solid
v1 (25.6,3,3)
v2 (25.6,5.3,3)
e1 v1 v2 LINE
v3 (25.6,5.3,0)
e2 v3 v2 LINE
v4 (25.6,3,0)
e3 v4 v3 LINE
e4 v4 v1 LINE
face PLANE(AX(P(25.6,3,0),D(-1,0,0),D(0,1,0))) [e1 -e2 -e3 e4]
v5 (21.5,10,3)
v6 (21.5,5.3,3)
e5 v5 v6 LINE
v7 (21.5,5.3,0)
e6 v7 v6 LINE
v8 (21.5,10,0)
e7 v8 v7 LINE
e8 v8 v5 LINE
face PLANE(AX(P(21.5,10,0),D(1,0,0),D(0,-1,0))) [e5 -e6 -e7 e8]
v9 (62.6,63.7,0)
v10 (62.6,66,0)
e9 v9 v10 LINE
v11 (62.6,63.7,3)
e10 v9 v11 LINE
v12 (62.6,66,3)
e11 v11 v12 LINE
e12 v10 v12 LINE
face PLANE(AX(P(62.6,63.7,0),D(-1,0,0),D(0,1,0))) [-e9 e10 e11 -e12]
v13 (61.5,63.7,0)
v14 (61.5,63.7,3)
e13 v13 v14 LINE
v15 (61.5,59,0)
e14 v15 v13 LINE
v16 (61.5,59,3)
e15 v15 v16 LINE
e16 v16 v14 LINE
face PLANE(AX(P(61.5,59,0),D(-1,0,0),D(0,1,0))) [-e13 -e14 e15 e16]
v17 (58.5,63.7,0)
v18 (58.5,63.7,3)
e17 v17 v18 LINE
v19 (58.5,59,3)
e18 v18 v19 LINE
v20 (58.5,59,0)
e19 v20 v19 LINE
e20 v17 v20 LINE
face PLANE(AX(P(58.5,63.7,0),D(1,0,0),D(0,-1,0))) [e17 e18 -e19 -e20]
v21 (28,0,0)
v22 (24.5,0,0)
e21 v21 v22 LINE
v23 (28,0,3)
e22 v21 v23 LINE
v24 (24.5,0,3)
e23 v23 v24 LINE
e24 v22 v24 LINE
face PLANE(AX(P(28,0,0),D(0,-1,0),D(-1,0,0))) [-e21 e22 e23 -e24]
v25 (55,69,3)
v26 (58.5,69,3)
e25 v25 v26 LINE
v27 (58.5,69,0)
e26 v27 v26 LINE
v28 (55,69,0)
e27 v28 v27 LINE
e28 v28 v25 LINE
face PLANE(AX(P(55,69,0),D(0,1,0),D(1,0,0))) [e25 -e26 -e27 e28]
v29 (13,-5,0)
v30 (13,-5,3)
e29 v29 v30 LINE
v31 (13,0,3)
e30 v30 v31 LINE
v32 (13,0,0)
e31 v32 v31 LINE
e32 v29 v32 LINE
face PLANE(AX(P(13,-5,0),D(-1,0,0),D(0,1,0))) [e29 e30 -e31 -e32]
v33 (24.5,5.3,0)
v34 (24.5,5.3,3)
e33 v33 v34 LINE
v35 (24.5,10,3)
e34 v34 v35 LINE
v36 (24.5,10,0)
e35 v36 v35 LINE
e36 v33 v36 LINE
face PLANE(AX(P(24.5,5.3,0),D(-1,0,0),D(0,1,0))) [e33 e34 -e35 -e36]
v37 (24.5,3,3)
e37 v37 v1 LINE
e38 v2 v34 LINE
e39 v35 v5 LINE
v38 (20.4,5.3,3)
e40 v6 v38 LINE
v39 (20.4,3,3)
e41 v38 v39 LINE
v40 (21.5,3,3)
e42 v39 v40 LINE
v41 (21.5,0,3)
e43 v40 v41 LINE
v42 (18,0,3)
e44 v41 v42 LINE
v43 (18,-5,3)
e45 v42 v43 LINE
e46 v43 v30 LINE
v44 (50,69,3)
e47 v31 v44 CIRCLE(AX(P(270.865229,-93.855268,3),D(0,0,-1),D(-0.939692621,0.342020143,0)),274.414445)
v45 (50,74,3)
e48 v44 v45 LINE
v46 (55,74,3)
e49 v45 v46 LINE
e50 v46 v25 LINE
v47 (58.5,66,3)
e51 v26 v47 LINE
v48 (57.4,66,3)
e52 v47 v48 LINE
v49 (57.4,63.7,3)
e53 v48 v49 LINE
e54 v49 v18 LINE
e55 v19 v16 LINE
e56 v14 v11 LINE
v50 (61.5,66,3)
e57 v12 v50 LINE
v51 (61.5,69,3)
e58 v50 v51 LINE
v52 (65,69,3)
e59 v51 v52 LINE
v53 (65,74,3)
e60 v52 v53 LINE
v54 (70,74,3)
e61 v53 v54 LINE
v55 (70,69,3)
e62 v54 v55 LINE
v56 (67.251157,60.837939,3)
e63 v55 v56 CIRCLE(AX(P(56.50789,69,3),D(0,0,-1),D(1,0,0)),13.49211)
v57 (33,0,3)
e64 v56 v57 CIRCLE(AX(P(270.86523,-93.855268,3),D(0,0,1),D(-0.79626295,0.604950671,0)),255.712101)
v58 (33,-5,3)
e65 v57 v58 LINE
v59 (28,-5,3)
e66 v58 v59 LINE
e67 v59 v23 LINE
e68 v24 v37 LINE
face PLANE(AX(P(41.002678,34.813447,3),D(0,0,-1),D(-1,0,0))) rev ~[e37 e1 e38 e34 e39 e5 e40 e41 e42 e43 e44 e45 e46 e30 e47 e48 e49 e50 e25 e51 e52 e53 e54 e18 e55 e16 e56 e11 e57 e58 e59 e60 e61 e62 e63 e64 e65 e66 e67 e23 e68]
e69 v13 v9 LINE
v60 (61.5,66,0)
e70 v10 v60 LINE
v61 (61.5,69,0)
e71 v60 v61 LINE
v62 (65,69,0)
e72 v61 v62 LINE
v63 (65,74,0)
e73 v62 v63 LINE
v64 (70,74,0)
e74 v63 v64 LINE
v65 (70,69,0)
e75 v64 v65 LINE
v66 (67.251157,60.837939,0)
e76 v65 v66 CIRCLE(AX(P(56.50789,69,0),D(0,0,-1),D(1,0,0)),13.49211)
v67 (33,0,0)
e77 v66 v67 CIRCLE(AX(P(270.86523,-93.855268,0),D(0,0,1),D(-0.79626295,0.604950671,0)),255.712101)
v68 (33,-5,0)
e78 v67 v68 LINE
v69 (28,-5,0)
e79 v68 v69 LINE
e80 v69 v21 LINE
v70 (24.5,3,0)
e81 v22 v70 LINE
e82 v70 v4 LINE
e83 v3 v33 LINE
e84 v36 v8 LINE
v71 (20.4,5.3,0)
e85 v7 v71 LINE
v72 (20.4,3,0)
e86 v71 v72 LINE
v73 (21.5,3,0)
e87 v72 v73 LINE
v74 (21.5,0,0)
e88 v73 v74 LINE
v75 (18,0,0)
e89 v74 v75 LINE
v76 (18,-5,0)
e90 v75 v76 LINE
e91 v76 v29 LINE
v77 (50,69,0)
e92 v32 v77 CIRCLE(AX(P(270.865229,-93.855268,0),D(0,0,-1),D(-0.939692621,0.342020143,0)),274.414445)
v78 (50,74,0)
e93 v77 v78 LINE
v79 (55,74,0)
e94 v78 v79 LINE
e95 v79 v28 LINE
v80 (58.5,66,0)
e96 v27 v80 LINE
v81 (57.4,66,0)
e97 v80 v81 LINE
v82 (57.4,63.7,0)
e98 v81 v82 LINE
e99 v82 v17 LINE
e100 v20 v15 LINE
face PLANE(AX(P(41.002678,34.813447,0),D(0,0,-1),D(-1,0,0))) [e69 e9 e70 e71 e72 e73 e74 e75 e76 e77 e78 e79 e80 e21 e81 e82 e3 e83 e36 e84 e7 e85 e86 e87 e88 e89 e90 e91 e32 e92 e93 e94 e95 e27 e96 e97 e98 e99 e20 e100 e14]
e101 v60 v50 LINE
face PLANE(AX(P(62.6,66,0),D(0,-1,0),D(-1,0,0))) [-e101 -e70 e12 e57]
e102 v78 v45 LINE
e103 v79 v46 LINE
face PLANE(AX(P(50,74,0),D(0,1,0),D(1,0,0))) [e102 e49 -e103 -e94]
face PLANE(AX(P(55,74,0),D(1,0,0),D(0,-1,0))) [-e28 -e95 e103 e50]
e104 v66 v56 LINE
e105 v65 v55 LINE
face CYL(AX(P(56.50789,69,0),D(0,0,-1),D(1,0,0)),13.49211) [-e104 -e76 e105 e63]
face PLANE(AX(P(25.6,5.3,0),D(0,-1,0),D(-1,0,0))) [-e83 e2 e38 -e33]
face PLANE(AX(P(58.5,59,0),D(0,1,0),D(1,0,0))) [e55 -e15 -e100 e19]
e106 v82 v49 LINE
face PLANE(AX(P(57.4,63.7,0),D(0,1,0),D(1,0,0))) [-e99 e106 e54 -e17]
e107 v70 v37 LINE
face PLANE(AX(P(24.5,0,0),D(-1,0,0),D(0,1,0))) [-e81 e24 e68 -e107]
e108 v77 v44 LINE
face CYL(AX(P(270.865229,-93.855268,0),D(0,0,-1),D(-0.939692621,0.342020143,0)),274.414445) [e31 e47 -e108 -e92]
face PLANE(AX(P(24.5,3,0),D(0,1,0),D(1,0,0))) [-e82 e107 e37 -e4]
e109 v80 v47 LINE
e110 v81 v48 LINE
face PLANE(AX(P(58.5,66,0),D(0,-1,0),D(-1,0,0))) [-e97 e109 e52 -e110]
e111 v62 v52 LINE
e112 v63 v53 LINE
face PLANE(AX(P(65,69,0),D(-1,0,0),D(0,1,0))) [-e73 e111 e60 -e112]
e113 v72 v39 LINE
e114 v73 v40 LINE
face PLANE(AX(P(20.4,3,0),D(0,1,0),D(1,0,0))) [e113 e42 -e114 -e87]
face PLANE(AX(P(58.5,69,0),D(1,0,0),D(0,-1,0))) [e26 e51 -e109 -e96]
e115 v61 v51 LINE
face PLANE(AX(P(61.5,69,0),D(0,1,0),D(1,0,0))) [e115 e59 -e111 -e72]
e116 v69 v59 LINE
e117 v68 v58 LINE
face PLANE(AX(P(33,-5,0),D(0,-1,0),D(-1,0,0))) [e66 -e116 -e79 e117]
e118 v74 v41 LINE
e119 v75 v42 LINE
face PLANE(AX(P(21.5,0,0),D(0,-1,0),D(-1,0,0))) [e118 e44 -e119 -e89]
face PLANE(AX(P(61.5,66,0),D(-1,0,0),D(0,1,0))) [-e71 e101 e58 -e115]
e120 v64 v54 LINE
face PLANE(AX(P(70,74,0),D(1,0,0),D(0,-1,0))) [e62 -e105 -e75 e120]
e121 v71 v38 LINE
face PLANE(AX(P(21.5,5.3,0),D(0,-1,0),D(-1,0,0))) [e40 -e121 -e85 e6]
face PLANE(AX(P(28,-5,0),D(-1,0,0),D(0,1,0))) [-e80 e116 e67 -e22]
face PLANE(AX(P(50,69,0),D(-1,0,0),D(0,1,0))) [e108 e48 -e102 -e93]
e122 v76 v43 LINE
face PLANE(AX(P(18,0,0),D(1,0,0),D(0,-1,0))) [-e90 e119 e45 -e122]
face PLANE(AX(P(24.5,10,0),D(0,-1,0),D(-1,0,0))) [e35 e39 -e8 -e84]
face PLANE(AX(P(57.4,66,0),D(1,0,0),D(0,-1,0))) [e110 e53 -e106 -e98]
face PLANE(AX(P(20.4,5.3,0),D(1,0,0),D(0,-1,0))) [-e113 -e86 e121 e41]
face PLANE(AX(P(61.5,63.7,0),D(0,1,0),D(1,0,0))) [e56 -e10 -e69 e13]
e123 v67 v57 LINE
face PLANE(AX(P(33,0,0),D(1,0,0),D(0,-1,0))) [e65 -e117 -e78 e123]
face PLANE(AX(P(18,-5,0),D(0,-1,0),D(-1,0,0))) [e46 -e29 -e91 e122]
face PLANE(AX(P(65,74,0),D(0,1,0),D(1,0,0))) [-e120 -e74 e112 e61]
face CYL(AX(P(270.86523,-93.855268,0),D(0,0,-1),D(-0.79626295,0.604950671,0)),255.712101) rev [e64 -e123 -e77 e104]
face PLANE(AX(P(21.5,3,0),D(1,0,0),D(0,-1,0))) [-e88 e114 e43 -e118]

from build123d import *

# Parameters (mm, degrees)
BOSS_EXTRUDE1_DEPTH = 3


with BuildPart() as part:
    # Sketch1 → Boss-Extrude1 (new body)
    with BuildSketch(Plane.XY):
        with BuildLine():
            Line((61.5, 69), (65, 69))
            Line((65, 69), (65, 74))
            Line((65, 74), (70, 74))
            Line((70, 74), (70, 69))
            ThreePointArc((70, 69), (69.294335516, 64.693743781), (67.25115741, 60.837939298))
            ThreePointArc((67.25115741, 60.837939298), (48.039496813, 31.593413098), (33, 0))
            Line((33, 0), (33, -5))
            Line((33, -5), (28, -5))
            Line((28, -5), (28, 0))
            Line((28, 0), (24.5, 0))
            Line((24.5, 0), (24.5, 3))
            Line((24.5, 3), (25.6, 3))
            Line((25.6, 3), (25.6, 5.3))
            Line((25.6, 5.3), (24.5, 5.3))
            Line((24.5, 5.3), (24.5, 10))
            Line((24.5, 10), (21.5, 10))
            Line((21.5, 10), (21.5, 5.3))
            Line((21.5, 5.3), (20.4, 5.3))
            Line((20.4, 5.3), (20.4, 3))
            Line((20.4, 3), (21.5, 3))
            Line((21.5, 3), (21.5, 0))
            Line((21.5, 0), (18, 0))
            Line((18, 0), (18, -5))
            Line((18, -5), (13, -5))
            Line((13, -5), (13, 0))
            ThreePointArc((13, 0), (29.026516524, 35.826360704), (50, 69))
            Line((50, 69), (50, 74))
            Line((50, 74), (55, 74))
            Line((55, 74), (55, 69))
            Line((55, 69), (58.5, 69))
            Line((58.5, 69), (58.5, 66))
            Line((58.5, 66), (57.4, 66))
            Line((57.4, 66), (57.4, 63.7))
            Line((57.4, 63.7), (58.5, 63.7))
            Line((58.5, 63.7), (58.5, 59))
            Line((58.5, 59), (61.5, 59))
            Line((61.5, 59), (61.5, 63.7))
            Line((61.5, 63.7), (62.6, 63.7))
            Line((62.6, 63.7), (62.6, 66))
            Line((62.6, 66), (61.5, 66))
            Line((61.5, 66), (61.5, 69))
        make_face()
    extrude(amount=BOSS_EXTRUDE1_DEPTH)


solid = part.part
